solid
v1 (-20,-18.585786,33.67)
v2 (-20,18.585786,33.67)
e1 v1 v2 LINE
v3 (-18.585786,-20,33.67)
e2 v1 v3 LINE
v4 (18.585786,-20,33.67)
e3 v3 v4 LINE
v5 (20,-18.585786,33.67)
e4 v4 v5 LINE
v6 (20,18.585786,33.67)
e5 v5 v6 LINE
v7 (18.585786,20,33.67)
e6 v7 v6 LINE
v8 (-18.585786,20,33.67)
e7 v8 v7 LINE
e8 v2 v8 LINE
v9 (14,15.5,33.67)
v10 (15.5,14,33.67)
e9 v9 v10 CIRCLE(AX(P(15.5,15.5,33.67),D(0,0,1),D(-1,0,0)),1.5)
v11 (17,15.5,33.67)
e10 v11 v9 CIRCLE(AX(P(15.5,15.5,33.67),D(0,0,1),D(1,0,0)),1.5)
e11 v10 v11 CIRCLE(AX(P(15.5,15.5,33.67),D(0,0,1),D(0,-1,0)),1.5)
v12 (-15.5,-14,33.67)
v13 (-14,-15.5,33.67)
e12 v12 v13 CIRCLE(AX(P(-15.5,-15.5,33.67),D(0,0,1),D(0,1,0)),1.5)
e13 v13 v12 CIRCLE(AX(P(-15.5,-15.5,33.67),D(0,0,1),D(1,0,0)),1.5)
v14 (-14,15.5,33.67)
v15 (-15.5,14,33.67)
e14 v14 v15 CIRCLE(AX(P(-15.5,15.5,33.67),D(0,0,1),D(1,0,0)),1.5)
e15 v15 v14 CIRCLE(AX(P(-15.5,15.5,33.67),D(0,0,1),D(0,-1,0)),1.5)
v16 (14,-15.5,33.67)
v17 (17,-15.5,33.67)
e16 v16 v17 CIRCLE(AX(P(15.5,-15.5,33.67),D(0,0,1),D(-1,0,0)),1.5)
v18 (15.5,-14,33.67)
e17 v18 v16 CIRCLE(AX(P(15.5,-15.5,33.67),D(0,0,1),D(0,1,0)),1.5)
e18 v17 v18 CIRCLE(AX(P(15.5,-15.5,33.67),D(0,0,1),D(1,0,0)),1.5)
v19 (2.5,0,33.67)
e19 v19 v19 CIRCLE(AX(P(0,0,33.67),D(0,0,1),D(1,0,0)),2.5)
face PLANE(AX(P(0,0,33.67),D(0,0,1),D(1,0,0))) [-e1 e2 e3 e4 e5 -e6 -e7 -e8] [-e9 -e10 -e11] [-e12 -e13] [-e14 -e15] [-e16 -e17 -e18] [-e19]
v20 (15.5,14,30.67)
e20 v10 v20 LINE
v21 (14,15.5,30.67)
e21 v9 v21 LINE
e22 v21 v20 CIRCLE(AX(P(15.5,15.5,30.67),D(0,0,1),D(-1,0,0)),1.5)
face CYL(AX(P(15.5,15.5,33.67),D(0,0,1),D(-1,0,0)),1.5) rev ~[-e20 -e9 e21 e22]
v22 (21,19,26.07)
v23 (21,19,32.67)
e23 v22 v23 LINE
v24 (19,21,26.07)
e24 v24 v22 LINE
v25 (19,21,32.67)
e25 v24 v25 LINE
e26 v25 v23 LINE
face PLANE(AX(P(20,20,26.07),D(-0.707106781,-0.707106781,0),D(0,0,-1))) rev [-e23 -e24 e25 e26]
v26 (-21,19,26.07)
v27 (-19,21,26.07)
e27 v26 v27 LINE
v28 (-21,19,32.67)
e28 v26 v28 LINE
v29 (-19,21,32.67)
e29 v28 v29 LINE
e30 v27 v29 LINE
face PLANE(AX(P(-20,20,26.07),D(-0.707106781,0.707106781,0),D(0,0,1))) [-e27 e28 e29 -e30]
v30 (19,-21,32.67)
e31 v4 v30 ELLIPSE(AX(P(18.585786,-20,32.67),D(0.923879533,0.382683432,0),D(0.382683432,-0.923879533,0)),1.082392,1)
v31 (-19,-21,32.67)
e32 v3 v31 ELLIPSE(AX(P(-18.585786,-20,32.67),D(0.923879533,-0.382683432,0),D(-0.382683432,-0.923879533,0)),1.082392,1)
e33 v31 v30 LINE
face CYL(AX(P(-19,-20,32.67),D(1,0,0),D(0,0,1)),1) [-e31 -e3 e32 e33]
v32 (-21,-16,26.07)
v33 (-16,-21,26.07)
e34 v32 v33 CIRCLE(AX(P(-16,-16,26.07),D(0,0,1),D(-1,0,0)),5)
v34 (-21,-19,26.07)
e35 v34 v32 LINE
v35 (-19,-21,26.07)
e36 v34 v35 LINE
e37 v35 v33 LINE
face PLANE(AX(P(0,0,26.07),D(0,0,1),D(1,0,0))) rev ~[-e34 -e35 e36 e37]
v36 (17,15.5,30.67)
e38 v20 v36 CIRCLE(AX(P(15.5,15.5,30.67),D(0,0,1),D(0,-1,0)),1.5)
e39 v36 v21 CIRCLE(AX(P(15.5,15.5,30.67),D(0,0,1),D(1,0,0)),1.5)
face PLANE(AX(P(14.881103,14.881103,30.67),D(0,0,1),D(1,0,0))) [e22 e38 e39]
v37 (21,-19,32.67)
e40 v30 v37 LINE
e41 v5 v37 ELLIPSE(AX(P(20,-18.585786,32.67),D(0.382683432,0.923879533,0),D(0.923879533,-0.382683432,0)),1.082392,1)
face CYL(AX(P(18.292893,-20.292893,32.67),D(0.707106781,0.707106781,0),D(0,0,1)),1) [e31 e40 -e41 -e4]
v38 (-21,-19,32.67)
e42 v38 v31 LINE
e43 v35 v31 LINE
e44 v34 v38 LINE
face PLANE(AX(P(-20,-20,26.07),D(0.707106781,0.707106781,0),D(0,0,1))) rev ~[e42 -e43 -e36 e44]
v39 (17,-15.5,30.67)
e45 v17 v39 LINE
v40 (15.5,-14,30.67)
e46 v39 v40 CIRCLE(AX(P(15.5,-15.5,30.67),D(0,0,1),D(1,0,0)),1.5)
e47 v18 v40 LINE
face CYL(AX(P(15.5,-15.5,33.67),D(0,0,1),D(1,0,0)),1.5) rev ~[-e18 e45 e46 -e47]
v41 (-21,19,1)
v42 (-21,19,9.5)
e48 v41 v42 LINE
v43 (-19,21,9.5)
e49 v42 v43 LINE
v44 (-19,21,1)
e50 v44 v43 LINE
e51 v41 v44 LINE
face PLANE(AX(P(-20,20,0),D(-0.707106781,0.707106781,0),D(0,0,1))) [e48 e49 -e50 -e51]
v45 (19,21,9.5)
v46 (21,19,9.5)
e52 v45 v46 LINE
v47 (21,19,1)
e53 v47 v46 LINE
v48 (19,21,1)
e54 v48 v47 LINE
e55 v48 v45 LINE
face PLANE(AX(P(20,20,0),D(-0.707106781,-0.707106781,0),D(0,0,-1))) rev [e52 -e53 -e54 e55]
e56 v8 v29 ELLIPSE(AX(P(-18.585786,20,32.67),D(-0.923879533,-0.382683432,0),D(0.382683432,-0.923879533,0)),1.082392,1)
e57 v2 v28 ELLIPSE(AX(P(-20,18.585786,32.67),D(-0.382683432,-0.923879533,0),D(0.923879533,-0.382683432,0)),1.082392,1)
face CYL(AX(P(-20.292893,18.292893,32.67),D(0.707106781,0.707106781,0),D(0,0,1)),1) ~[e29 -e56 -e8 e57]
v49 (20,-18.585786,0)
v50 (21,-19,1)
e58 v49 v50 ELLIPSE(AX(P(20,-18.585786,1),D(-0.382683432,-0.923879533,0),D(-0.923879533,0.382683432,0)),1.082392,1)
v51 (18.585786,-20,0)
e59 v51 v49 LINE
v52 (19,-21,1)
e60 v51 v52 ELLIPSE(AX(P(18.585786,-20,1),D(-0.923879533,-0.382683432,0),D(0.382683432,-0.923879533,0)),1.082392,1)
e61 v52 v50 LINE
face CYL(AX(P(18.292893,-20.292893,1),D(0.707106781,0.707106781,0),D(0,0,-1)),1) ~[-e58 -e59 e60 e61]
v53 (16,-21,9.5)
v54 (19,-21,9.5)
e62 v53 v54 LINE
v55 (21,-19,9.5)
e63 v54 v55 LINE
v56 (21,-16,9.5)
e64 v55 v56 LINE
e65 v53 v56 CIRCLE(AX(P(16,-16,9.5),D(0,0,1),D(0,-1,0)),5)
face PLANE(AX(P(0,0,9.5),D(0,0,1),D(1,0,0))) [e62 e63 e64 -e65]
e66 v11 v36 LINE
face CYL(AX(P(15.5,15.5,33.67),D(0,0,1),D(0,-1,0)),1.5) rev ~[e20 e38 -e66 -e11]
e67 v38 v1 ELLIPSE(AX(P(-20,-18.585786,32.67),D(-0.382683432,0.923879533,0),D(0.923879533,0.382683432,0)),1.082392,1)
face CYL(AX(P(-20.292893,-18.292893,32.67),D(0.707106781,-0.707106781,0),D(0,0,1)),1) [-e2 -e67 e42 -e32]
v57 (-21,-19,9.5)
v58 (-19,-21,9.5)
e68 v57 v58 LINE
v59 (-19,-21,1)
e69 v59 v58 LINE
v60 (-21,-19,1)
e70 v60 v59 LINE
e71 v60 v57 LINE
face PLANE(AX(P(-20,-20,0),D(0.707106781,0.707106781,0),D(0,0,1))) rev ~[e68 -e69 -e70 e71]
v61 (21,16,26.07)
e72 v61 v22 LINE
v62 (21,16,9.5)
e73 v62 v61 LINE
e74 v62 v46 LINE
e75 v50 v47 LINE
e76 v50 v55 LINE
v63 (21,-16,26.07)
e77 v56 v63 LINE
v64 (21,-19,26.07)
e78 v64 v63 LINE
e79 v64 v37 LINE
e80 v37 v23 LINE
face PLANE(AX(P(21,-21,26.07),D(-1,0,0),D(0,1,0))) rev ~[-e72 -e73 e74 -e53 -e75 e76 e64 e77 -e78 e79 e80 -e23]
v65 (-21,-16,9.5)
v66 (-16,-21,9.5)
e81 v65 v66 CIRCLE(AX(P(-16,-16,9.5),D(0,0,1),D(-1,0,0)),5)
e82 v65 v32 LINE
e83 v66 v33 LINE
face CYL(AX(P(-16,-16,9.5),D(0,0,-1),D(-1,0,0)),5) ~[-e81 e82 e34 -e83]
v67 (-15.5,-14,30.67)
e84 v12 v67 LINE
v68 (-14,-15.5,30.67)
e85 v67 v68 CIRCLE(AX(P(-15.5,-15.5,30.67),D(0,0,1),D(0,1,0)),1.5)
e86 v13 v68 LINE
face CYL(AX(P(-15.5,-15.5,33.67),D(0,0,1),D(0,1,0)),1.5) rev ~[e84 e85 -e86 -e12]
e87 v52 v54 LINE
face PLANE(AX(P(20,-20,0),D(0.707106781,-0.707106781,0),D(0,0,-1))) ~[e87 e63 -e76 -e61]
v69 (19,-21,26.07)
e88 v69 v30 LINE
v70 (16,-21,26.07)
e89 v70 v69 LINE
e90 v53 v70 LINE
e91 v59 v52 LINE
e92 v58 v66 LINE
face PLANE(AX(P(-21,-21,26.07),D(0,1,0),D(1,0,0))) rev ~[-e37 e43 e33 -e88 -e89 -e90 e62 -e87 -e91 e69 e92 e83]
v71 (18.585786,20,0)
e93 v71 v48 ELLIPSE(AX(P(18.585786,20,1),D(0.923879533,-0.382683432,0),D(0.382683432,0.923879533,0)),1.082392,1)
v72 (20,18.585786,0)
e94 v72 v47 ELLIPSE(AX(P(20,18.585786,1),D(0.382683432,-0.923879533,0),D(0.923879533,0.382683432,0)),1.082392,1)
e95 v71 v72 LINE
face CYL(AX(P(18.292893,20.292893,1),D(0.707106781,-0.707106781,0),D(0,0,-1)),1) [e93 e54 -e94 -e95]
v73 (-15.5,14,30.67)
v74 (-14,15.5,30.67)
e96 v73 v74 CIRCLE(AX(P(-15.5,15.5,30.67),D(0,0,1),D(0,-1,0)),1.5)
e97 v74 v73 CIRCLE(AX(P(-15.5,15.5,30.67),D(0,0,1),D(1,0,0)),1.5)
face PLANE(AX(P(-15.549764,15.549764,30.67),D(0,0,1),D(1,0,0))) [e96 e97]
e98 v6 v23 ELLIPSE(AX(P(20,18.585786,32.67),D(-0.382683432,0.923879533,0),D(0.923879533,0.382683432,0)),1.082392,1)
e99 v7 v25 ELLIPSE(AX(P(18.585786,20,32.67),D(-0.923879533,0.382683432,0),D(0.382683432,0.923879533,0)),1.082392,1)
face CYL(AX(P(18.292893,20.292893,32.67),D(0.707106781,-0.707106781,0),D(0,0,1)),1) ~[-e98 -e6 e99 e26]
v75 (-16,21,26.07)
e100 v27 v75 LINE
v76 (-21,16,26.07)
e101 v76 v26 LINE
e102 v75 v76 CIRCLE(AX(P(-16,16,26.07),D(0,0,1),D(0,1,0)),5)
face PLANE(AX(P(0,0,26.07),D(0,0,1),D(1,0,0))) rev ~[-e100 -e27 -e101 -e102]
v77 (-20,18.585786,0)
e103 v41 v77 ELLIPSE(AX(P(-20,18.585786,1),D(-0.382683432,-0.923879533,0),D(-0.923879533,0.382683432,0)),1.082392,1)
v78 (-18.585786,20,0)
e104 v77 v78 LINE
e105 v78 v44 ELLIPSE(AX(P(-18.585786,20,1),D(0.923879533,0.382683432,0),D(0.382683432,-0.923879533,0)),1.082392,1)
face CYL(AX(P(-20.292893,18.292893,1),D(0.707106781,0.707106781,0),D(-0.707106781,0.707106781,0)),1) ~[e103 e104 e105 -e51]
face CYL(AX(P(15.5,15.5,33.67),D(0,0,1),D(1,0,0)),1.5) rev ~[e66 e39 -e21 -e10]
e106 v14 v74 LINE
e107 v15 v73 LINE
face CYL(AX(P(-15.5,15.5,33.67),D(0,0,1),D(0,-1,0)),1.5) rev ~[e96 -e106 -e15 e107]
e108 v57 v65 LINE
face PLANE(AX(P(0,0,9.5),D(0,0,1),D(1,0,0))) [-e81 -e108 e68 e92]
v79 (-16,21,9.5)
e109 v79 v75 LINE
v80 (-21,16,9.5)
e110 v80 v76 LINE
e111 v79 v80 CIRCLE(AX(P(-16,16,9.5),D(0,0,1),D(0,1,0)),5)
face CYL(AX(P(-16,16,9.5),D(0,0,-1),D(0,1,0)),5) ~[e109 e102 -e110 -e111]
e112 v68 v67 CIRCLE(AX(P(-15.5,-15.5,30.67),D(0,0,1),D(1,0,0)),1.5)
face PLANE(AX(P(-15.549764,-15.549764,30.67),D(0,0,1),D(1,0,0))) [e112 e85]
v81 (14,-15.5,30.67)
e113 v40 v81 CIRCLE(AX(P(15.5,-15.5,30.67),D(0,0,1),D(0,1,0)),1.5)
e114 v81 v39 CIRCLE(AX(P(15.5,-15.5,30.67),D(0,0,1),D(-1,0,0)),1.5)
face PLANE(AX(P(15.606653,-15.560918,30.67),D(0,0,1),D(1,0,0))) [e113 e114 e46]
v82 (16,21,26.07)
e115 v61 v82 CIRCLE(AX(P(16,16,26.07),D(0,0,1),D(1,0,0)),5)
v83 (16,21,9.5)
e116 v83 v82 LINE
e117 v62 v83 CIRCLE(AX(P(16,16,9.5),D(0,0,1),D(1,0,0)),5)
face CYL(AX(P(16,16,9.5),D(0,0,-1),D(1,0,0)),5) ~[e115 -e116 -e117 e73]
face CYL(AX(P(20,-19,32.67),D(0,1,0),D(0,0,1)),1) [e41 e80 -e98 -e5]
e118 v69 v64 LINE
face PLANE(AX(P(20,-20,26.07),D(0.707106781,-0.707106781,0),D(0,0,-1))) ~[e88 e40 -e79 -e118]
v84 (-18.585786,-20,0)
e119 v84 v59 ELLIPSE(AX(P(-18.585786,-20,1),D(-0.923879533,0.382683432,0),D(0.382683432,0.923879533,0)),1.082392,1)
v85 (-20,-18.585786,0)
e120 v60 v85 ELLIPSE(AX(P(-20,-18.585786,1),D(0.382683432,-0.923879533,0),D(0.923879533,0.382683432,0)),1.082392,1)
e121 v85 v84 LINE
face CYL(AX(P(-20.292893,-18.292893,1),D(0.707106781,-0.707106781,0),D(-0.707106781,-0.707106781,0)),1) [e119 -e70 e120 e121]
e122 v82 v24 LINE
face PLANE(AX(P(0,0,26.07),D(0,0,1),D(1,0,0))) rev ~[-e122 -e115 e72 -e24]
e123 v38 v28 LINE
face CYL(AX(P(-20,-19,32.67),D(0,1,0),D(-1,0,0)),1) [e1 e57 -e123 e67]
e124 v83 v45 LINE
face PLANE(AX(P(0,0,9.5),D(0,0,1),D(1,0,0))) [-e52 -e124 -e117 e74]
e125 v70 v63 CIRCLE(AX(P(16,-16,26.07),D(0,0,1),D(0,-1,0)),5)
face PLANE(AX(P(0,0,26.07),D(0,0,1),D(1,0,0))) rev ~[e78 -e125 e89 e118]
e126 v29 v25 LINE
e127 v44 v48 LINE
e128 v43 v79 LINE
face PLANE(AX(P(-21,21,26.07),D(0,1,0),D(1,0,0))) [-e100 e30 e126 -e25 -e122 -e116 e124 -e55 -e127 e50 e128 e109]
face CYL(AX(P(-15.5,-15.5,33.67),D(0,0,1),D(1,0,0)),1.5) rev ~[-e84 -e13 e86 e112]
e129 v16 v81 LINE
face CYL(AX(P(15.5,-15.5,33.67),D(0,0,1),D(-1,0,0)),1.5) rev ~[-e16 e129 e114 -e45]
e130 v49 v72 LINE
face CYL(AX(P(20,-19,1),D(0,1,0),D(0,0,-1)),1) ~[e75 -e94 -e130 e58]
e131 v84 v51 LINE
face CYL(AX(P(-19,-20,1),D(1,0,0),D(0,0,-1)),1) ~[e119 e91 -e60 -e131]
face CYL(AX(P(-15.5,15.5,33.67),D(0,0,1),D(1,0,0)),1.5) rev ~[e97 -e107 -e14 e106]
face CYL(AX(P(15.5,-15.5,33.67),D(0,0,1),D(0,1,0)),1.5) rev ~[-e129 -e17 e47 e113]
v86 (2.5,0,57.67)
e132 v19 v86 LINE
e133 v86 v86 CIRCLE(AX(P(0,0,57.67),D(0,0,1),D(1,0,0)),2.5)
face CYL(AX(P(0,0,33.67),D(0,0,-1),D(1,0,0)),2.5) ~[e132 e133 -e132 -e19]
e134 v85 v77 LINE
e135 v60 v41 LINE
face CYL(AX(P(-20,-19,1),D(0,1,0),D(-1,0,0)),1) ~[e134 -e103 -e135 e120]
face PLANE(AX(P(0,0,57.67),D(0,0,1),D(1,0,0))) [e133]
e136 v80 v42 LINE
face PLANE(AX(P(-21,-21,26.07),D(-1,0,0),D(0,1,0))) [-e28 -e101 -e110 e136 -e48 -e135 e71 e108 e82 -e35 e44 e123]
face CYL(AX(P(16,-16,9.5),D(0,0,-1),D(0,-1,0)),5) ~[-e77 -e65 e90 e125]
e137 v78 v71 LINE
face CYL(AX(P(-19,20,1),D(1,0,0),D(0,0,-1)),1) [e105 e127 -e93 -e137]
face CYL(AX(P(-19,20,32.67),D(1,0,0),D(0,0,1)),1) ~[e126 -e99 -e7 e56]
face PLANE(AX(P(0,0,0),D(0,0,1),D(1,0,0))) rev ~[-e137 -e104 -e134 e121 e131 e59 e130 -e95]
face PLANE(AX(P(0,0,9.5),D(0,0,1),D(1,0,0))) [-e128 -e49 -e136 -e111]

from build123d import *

# Parameters (mm, degrees)
F0_W     = 42
F0_H     = 42
F1_DEPTH = 9.5
F3_DEPTH = 16.57
F4_W     = 42
F4_H     = 42
F5_DEPTH = 7.6
F7_DEPTH = 3
F8_R     = 2.5
F9_DEPTH = 24
F10_SIZE = 2
F11_R    = 1


with BuildPart() as f1:
    # F0 (on Top) → F1 (new body)
    with BuildSketch(Plane.XY):
        Rectangle(F0_W, F0_H)
    extrude(amount=F1_DEPTH)

    # F2 (on face) → F3 (join)
    with BuildSketch(Plane.XY.offset(9.5)):
        with BuildLine():
            Line((-16, -21), (16, -21))
            ThreePointArc((16, -21), (19.5355339059, -19.5355339059), (21, -16))
            Line((21, -16), (21, 16))
            ThreePointArc((21, 16), (19.5355339059, 19.5355339059), (16, 21))
            Line((16, 21), (-16, 21))
            ThreePointArc((-16, 21), (-19.5355339059, 19.5355339059), (-21, 16))
            Line((-21, 16), (-21, -16))
            ThreePointArc((-21, -16), (-19.5355339059, -19.5355339059), (-16, -21))
        make_face()
    extrude(amount=F3_DEPTH)

    # F4 (on face) → F5 (join)
    with BuildSketch(Plane.XY.offset(26.07)):
        Rectangle(F4_W, F4_H)
    extrude(amount=F5_DEPTH)

    # F6 (on face) → F7 (cut)
    with BuildSketch(Plane.XY.offset(33.67)):
        with BuildLine():
            Line((15.5, -14), (15.5, -15.5))
            Line((15.5, -15.5), (14, -15.5))
            ThreePointArc((14, -15.5), (15.5, -17), (17, -15.5))
            ThreePointArc((17, -15.5), (16.5606601718, -14.4393398282), (15.5, -14))
        make_face()
        with BuildLine():
            Line((14, -15.5), (15.5, -15.5))
            Line((15.5, -15.5), (15.5, -14))
            ThreePointArc((15.5, -14), (14.4393398282, -14.4393398282), (14, -15.5))
        make_face()
        with BuildLine():
            Line((15.5, 14), (15.5, 15.5))
            Line((15.5, 15.5), (14, 15.5))
            ThreePointArc((14, 15.5), (14.4393398282, 14.4393398282), (15.5, 14))
        make_face()
        with BuildLine():
            Line((14, 15.5), (15.5, 15.5))
            Line((15.5, 15.5), (15.5, 14))
            ThreePointArc((15.5, 14), (16.5606601718, 14.4393398282), (17, 15.5))
            ThreePointArc((17, 15.5), (15.5, 17), (14, 15.5))
        make_face()
        with BuildLine():
            Line((-14, -15.5), (-15.5, -15.5))
            Line((-15.5, -15.5), (-15.5, -14))
            ThreePointArc((-15.5, -14), (-16.5606601718, -16.5606601718), (-14, -15.5))
        make_face()
        with BuildLine():
            Line((-15.5, -14), (-15.5, -15.5))
            Line((-15.5, -15.5), (-14, -15.5))
            ThreePointArc((-14, -15.5), (-14.4393398282, -14.4393398282), (-15.5, -14))
        make_face()
        with BuildLine():
            Line((-15.5, 15.5), (-14, 15.5))
            ThreePointArc((-14, 15.5), (-16.5606601718, 16.5606601718), (-15.5, 14))
            Line((-15.5, 14), (-15.5, 15.5))
        make_face()
        with BuildLine():
            ThreePointArc((-15.5, 14), (-14.4393398282, 14.4393398282), (-14, 15.5))
            Line((-14, 15.5), (-15.5, 15.5))
            Line((-15.5, 15.5), (-15.5, 14))
        make_face()
    extrude(amount=-F7_DEPTH, mode=Mode.SUBTRACT)

    # F8 (on face) → F9 (join)
    with BuildSketch(Plane.XY.offset(33.67)):
        Circle(F8_R)
    extrude(amount=F9_DEPTH)

    # F10
    f10_edges = [f1.edges().sort_by_distance(p)[0] for p in [
        (21, 21, 29.87),
        (21, 21, 4.75),
        (-21, 21, 29.87),
        (-21, 21, 4.75),
        (-21, -21, 29.87),
        (-21, -21, 4.75),
        (21, -21, 4.75),
        (21, -21, 29.87),
    ]]
    chamfer(f10_edges, length=F10_SIZE)

    # F11
    f11_edges = [f1.edges().sort_by_distance(p)[0] for p in [
        (0, 21, 33.67),
        (-20, 20, 33.67),
        (-21, 0, 33.67),
        (-20, -20, 33.67),
        (0, -21, 33.67),
        (20, -20, 33.67),
        (21, 0, 33.67),
        (20, 20, 33.67),
        (0, 21, 0),
        (21, 0, 0),
        (20, 20, 0),
        (-21, 0, 0),
        (-20, 20, 0),
        (0, -21, 0),
        (20, -20, 0),
        (-20, -20, 0),
    ]]
    fillet(f11_edges, radius=F11_R)


solid = f1.part
